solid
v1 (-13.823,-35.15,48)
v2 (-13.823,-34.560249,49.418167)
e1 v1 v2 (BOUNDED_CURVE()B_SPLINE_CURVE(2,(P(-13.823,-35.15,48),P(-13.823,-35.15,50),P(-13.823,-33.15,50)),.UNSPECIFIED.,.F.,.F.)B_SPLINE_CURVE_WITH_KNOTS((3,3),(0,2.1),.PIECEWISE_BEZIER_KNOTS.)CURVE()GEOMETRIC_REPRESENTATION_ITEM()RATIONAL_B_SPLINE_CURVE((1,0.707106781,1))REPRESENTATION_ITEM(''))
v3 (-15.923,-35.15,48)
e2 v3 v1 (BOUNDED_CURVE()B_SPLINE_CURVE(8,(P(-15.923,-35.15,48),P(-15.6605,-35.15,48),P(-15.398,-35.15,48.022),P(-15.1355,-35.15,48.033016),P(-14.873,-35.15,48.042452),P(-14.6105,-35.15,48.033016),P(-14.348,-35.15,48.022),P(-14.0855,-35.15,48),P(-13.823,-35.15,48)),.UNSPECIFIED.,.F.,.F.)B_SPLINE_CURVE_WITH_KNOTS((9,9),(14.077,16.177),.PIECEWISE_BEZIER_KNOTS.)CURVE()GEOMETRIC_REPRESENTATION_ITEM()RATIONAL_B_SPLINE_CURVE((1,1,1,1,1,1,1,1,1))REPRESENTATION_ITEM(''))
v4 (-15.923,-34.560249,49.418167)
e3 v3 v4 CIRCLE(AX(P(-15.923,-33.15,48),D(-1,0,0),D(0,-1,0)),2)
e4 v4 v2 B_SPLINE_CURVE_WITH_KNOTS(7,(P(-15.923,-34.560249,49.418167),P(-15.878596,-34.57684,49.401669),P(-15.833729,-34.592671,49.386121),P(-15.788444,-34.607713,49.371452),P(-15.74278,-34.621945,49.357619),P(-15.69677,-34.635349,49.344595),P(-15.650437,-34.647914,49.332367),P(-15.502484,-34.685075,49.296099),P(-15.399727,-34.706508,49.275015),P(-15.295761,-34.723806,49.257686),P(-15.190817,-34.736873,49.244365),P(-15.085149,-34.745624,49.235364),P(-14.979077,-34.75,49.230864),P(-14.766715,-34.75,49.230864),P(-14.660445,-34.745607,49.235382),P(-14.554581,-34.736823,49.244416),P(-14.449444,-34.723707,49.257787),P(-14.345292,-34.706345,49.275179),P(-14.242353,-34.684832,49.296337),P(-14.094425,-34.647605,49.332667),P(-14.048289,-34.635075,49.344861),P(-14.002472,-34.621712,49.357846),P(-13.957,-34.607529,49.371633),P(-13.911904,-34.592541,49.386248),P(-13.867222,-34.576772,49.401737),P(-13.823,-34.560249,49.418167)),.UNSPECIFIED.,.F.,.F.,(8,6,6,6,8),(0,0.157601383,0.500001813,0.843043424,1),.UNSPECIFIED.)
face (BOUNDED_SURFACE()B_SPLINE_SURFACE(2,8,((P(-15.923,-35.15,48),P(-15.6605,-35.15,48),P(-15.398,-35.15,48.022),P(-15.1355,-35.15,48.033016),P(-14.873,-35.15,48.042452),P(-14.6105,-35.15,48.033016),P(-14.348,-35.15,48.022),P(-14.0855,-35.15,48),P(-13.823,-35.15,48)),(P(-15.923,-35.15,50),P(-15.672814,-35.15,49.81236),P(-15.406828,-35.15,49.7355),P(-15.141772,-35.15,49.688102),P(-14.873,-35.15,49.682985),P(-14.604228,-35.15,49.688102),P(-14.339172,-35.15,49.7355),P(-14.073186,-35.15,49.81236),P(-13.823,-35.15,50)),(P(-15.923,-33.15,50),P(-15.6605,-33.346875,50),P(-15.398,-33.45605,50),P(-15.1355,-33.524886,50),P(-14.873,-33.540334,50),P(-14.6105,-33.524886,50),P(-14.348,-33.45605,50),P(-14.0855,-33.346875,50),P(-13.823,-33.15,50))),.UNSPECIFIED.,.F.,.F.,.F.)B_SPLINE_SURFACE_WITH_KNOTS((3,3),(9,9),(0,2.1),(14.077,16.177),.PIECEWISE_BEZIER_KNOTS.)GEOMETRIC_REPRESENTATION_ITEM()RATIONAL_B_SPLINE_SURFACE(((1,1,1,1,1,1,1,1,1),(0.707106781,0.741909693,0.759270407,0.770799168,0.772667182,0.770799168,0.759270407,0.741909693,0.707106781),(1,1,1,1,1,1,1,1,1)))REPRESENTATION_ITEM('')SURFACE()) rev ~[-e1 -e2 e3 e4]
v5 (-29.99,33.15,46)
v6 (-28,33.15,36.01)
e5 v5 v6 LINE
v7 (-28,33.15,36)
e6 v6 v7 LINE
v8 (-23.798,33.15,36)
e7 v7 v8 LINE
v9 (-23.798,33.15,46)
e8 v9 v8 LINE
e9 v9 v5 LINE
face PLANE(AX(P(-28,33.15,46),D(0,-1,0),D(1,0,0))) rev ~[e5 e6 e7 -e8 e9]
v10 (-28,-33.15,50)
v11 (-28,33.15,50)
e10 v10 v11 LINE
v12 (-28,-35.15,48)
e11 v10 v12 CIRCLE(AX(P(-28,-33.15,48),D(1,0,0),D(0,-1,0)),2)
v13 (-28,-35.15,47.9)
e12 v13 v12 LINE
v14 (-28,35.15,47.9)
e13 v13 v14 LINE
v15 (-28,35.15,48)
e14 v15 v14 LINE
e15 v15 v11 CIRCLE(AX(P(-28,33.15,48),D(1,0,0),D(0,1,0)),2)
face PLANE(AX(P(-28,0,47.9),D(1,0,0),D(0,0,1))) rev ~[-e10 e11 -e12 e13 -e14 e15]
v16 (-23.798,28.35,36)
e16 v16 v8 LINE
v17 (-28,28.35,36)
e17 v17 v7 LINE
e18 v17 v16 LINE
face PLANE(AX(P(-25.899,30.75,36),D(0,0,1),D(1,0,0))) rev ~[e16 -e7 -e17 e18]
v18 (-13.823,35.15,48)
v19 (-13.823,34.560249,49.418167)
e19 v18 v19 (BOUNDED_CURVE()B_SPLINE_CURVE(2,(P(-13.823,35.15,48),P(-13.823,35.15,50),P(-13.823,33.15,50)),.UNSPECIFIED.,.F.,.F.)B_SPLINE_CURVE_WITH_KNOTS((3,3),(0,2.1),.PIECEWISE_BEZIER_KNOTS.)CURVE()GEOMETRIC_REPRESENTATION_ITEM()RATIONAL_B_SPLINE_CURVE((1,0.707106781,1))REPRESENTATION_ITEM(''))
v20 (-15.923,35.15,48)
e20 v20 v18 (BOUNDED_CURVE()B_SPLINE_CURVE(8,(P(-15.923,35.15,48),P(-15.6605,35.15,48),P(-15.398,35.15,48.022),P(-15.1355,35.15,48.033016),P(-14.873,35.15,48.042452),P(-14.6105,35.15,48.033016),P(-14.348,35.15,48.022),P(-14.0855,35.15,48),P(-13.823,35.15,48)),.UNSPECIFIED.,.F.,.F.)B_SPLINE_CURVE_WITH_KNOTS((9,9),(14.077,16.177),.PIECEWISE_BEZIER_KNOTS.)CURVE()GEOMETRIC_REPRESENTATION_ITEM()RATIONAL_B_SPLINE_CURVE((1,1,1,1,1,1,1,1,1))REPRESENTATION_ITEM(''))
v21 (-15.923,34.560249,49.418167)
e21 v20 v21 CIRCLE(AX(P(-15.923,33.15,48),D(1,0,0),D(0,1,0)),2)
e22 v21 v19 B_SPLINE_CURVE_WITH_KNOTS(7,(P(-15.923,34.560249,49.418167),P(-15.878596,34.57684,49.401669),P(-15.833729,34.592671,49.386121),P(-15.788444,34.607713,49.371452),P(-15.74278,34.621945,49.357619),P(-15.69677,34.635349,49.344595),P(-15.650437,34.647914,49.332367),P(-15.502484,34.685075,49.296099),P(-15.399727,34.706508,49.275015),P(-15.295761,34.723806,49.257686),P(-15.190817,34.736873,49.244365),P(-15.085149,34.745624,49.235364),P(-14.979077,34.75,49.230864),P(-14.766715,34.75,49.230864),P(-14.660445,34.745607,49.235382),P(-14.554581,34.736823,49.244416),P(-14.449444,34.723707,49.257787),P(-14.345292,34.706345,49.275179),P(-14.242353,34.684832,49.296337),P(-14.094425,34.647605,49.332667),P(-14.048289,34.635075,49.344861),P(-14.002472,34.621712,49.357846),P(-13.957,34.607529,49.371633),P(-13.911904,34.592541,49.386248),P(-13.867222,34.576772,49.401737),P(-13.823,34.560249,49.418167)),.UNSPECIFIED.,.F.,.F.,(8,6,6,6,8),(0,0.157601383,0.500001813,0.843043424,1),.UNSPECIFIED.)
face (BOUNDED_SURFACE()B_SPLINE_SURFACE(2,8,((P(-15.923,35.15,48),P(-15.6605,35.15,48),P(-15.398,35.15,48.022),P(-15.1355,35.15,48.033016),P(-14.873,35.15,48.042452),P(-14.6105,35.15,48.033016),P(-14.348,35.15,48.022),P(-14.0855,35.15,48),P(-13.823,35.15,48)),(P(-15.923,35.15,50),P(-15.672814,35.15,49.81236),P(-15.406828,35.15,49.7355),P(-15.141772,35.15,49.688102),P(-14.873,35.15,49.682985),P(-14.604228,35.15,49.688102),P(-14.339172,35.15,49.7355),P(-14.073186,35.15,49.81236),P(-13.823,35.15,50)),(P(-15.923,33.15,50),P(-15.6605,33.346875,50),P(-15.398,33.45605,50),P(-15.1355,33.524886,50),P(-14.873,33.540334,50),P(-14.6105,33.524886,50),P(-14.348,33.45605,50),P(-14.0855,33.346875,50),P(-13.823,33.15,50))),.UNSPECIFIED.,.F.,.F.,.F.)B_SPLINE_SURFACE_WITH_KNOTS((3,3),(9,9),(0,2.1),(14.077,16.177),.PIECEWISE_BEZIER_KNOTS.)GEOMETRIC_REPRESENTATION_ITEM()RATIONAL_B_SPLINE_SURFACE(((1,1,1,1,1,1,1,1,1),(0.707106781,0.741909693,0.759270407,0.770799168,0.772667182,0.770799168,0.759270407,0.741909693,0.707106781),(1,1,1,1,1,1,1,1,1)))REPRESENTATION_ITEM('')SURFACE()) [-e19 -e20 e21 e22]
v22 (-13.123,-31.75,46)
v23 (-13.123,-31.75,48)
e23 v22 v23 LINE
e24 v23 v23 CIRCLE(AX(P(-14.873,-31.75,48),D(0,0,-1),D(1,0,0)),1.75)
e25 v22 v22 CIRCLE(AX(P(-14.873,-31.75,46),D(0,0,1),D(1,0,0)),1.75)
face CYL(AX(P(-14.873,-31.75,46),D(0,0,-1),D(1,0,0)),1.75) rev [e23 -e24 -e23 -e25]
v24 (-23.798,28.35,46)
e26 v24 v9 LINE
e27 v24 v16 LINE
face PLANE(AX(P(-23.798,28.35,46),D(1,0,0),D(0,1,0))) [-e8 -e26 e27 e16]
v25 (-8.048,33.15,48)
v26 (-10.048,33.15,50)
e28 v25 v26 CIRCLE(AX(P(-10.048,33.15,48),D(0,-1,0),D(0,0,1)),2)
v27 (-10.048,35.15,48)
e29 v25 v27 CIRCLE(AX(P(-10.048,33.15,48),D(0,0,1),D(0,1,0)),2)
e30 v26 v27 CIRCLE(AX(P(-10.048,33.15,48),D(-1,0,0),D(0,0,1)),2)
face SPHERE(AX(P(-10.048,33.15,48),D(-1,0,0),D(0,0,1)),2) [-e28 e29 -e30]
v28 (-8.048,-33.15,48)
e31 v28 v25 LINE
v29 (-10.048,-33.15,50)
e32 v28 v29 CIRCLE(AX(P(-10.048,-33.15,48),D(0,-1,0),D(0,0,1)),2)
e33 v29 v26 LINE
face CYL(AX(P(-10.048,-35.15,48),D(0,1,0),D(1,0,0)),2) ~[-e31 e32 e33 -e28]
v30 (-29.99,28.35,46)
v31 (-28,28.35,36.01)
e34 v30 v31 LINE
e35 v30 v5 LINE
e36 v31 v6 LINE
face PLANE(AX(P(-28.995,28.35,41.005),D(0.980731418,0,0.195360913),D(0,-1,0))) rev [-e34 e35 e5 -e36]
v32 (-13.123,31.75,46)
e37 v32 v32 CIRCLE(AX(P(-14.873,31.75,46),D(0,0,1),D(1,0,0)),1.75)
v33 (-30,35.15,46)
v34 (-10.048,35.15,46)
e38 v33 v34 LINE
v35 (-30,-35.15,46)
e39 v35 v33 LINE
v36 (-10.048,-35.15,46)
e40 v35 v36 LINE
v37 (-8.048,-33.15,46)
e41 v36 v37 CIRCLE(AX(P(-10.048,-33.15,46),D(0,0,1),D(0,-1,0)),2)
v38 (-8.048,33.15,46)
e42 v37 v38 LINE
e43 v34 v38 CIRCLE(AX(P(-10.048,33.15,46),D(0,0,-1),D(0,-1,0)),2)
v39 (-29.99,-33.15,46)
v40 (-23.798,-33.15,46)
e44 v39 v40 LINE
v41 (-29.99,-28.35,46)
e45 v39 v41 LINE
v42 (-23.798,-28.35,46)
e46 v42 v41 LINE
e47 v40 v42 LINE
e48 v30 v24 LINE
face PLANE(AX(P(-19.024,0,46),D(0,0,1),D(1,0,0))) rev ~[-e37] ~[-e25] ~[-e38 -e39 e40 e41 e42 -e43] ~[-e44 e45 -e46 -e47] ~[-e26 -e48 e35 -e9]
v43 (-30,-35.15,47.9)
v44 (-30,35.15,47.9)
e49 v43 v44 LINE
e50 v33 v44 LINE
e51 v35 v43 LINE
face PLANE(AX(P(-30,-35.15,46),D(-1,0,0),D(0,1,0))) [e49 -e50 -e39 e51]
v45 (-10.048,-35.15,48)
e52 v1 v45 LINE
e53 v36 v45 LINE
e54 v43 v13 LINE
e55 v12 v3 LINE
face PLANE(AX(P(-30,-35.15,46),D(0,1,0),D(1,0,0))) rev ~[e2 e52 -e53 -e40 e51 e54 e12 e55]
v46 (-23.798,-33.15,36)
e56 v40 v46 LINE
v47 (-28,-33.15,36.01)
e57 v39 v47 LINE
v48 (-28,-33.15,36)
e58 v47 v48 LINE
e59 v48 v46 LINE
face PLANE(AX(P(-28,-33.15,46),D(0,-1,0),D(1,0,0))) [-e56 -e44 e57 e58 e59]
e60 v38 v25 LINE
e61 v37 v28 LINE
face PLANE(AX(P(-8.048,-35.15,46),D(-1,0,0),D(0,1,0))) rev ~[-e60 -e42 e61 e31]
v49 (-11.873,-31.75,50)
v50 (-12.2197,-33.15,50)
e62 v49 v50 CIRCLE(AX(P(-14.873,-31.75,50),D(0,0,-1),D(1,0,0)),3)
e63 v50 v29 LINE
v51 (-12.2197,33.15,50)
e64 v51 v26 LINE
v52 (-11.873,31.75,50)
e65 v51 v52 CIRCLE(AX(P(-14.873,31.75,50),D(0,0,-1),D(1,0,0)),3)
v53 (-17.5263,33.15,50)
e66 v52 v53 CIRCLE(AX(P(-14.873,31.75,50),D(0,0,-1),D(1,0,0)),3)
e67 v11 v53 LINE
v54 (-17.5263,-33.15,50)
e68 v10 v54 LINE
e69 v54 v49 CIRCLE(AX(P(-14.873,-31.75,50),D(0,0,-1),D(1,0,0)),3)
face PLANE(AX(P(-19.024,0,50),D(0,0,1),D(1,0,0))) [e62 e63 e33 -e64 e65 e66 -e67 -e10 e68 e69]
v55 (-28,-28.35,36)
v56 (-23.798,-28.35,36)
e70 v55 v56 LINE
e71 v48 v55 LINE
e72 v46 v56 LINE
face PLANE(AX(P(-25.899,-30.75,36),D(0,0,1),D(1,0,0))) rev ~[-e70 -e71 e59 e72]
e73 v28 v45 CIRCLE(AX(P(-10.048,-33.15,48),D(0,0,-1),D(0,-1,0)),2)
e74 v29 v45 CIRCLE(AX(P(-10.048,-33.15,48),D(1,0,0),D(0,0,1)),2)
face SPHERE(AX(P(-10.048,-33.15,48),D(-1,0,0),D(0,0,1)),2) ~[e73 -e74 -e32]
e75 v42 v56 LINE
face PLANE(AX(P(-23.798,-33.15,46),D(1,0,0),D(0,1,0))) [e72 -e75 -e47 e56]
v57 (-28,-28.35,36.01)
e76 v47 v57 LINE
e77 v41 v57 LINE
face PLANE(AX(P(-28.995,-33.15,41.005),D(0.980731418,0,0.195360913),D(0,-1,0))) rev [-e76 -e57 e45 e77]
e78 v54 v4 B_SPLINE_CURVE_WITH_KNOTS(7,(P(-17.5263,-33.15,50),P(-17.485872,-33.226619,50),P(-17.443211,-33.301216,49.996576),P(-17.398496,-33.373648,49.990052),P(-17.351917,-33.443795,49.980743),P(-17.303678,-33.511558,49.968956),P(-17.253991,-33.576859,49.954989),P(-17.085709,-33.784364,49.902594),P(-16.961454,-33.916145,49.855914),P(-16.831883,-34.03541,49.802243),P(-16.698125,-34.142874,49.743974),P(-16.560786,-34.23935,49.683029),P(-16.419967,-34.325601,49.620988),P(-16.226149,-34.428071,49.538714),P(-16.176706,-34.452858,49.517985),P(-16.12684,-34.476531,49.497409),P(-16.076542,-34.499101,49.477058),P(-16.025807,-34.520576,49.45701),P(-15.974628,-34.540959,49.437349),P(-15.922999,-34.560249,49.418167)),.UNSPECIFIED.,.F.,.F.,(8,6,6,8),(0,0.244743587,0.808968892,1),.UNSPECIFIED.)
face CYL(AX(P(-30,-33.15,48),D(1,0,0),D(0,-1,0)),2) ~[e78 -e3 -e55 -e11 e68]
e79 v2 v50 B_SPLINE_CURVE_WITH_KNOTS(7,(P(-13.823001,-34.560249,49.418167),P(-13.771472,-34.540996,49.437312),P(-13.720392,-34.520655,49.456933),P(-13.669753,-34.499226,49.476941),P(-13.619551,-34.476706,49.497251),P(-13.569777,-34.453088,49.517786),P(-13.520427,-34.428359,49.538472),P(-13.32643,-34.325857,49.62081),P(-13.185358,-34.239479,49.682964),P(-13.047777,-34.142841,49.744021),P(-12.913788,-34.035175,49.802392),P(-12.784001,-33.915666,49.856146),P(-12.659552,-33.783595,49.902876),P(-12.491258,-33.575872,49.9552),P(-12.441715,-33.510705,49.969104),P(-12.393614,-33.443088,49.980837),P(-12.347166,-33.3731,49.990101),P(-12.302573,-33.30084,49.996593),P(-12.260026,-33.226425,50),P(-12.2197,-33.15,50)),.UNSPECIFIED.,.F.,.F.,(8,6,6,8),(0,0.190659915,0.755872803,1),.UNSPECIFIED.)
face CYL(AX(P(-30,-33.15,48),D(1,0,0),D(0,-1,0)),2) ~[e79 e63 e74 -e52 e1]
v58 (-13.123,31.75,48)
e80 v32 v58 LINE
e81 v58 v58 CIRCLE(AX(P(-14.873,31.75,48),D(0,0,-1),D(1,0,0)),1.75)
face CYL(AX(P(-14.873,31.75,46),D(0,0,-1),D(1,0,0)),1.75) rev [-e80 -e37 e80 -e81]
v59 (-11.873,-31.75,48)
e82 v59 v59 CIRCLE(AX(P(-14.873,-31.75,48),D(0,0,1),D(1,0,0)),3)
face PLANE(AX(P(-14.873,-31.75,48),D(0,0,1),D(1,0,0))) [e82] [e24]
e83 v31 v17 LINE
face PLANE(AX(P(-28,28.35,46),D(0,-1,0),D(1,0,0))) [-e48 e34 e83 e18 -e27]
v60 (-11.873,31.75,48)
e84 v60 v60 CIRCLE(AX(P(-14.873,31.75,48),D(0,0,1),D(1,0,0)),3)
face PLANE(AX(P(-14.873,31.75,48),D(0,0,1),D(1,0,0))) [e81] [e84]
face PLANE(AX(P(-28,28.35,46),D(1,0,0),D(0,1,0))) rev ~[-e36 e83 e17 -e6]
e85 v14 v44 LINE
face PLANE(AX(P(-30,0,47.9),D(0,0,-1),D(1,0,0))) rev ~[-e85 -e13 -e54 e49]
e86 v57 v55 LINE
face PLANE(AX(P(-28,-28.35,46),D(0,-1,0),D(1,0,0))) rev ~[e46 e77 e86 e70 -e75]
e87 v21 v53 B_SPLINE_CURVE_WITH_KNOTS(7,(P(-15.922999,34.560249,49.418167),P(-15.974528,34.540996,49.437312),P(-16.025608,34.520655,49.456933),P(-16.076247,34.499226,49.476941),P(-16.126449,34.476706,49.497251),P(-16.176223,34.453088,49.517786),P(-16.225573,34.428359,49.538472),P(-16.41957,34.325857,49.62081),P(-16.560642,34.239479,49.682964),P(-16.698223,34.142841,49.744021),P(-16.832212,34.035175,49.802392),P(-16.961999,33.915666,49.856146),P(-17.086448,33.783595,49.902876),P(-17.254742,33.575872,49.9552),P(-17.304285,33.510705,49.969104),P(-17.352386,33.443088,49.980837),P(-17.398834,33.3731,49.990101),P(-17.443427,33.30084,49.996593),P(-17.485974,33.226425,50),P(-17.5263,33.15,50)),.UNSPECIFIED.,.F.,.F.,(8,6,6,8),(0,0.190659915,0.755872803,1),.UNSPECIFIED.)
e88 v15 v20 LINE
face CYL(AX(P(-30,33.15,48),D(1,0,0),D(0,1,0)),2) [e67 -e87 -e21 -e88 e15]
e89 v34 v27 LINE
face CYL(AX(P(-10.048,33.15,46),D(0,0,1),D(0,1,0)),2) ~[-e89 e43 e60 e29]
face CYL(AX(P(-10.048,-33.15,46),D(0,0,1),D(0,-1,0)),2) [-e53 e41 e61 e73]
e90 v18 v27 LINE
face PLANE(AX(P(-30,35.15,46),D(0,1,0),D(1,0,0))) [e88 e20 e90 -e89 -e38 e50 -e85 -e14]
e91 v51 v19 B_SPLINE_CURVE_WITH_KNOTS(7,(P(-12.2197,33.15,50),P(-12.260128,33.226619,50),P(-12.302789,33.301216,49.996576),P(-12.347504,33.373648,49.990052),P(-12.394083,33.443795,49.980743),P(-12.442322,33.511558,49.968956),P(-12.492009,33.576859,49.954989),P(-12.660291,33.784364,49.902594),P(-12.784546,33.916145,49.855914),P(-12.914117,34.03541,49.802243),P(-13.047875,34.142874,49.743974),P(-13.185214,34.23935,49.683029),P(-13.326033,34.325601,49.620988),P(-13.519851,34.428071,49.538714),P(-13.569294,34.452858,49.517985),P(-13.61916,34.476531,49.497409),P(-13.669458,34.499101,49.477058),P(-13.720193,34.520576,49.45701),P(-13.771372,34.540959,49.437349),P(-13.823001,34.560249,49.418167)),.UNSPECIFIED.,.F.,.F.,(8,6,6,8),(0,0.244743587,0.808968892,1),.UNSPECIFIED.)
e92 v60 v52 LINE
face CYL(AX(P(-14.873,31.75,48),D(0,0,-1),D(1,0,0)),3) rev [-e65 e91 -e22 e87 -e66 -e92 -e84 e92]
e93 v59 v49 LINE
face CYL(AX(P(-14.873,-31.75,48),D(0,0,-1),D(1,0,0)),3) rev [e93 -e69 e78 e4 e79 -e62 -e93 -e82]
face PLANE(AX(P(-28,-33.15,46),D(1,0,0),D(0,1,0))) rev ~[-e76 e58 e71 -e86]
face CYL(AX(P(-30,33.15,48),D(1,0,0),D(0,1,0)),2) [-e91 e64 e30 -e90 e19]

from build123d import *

# Parameters (mm, degrees)
SKETCH125_W          = 21.952
SKETCH125_H          = 70.3
SKETCH125_R          = 1.75
PAD042_DEPTH         = 4
FILLET010_R          = 2
SKETCH126_W          = 2
SKETCH126_H          = 2.1
POCKET054_DEPTH      = 35.151
POCKET054_DEPTH_BACK = 35.151
SKETCH127_R          = 3
POCKET053_DEPTH      = 2.001
SKETCH128_W          = 4.202
SKETCH128_H          = 4.8
PAD043_DEPTH         = 10
CHAMFER006_SIZE2     = 9.99
CHAMFER006_SIZE      = 1.99


with BuildPart() as part:
    # Sketch125 → Pad042 (new body)
    with BuildSketch(Plane.XY):
        with Locations((-19.024, 0)):
            Rectangle(SKETCH125_W, SKETCH125_H)
        with Locations((-14.873, 31.75)):
            Circle(SKETCH125_R, mode=Mode.SUBTRACT)
        with Locations((-14.873, -31.75)):
            Circle(SKETCH125_R, mode=Mode.SUBTRACT)
    extrude(amount=PAD042_DEPTH)

    # Fillet010
    fillet010_edges = [part.edges().sort_by_distance(p)[0] for p in [
        (-19.024, 35.15, 4),
        (-19.024, -35.15, 4),
        (-8.048, 0, 4),
        (-8.048, -35.15, 2),
        (-8.048, 35.15, 2),
    ]]
    fillet(fillet010_edges, radius=FILLET010_R)

    # Sketch126 → Pocket054 (cut, two sides)
    with BuildSketch(Plane.XZ) as pocket054_sk:
        with Locations((-29, 2.95)):
            Rectangle(SKETCH126_W, SKETCH126_H)
    extrude(amount=-POCKET054_DEPTH, mode=Mode.SUBTRACT)
    extrude(pocket054_sk.sketch, amount=POCKET054_DEPTH_BACK, mode=Mode.SUBTRACT)

    # Sketch127 → Pocket053 (cut, through all)
    with BuildSketch(Plane.XY.offset(2)):
        with Locations((-14.873, -31.75)):
            Circle(SKETCH127_R)
        with Locations((-14.873, 31.75)):
            Circle(SKETCH127_R)
    extrude(amount=POCKET053_DEPTH, mode=Mode.SUBTRACT)

    # Sketch128 → Pad043 (join)
    with BuildSketch(Plane.XY):
        with Locations((-25.899, 30.75)):
            Rectangle(SKETCH128_W, SKETCH128_H)
        with Locations((-25.899, -30.75)):
            Rectangle(SKETCH128_W, SKETCH128_H)
    extrude(amount=-PAD043_DEPTH)

    # Chamfer006
    chamfer006_edges = [part.edges().sort_by_distance(p)[0] for p in [
        (-28, 30.75, 0),
        (-28, -30.75, 0),
    ]]
    chamfer006_side = part.faces().sort_by_distance((-18.902955, 0, 0))[0]
    chamfer(chamfer006_edges, length=CHAMFER006_SIZE, length2=CHAMFER006_SIZE2, reference=chamfer006_side)


with BuildPart() as part_1:
    # Body062 placement: moved
    add(part.part.moved(Location((0, 0, 46))))


solid = part_1.part
